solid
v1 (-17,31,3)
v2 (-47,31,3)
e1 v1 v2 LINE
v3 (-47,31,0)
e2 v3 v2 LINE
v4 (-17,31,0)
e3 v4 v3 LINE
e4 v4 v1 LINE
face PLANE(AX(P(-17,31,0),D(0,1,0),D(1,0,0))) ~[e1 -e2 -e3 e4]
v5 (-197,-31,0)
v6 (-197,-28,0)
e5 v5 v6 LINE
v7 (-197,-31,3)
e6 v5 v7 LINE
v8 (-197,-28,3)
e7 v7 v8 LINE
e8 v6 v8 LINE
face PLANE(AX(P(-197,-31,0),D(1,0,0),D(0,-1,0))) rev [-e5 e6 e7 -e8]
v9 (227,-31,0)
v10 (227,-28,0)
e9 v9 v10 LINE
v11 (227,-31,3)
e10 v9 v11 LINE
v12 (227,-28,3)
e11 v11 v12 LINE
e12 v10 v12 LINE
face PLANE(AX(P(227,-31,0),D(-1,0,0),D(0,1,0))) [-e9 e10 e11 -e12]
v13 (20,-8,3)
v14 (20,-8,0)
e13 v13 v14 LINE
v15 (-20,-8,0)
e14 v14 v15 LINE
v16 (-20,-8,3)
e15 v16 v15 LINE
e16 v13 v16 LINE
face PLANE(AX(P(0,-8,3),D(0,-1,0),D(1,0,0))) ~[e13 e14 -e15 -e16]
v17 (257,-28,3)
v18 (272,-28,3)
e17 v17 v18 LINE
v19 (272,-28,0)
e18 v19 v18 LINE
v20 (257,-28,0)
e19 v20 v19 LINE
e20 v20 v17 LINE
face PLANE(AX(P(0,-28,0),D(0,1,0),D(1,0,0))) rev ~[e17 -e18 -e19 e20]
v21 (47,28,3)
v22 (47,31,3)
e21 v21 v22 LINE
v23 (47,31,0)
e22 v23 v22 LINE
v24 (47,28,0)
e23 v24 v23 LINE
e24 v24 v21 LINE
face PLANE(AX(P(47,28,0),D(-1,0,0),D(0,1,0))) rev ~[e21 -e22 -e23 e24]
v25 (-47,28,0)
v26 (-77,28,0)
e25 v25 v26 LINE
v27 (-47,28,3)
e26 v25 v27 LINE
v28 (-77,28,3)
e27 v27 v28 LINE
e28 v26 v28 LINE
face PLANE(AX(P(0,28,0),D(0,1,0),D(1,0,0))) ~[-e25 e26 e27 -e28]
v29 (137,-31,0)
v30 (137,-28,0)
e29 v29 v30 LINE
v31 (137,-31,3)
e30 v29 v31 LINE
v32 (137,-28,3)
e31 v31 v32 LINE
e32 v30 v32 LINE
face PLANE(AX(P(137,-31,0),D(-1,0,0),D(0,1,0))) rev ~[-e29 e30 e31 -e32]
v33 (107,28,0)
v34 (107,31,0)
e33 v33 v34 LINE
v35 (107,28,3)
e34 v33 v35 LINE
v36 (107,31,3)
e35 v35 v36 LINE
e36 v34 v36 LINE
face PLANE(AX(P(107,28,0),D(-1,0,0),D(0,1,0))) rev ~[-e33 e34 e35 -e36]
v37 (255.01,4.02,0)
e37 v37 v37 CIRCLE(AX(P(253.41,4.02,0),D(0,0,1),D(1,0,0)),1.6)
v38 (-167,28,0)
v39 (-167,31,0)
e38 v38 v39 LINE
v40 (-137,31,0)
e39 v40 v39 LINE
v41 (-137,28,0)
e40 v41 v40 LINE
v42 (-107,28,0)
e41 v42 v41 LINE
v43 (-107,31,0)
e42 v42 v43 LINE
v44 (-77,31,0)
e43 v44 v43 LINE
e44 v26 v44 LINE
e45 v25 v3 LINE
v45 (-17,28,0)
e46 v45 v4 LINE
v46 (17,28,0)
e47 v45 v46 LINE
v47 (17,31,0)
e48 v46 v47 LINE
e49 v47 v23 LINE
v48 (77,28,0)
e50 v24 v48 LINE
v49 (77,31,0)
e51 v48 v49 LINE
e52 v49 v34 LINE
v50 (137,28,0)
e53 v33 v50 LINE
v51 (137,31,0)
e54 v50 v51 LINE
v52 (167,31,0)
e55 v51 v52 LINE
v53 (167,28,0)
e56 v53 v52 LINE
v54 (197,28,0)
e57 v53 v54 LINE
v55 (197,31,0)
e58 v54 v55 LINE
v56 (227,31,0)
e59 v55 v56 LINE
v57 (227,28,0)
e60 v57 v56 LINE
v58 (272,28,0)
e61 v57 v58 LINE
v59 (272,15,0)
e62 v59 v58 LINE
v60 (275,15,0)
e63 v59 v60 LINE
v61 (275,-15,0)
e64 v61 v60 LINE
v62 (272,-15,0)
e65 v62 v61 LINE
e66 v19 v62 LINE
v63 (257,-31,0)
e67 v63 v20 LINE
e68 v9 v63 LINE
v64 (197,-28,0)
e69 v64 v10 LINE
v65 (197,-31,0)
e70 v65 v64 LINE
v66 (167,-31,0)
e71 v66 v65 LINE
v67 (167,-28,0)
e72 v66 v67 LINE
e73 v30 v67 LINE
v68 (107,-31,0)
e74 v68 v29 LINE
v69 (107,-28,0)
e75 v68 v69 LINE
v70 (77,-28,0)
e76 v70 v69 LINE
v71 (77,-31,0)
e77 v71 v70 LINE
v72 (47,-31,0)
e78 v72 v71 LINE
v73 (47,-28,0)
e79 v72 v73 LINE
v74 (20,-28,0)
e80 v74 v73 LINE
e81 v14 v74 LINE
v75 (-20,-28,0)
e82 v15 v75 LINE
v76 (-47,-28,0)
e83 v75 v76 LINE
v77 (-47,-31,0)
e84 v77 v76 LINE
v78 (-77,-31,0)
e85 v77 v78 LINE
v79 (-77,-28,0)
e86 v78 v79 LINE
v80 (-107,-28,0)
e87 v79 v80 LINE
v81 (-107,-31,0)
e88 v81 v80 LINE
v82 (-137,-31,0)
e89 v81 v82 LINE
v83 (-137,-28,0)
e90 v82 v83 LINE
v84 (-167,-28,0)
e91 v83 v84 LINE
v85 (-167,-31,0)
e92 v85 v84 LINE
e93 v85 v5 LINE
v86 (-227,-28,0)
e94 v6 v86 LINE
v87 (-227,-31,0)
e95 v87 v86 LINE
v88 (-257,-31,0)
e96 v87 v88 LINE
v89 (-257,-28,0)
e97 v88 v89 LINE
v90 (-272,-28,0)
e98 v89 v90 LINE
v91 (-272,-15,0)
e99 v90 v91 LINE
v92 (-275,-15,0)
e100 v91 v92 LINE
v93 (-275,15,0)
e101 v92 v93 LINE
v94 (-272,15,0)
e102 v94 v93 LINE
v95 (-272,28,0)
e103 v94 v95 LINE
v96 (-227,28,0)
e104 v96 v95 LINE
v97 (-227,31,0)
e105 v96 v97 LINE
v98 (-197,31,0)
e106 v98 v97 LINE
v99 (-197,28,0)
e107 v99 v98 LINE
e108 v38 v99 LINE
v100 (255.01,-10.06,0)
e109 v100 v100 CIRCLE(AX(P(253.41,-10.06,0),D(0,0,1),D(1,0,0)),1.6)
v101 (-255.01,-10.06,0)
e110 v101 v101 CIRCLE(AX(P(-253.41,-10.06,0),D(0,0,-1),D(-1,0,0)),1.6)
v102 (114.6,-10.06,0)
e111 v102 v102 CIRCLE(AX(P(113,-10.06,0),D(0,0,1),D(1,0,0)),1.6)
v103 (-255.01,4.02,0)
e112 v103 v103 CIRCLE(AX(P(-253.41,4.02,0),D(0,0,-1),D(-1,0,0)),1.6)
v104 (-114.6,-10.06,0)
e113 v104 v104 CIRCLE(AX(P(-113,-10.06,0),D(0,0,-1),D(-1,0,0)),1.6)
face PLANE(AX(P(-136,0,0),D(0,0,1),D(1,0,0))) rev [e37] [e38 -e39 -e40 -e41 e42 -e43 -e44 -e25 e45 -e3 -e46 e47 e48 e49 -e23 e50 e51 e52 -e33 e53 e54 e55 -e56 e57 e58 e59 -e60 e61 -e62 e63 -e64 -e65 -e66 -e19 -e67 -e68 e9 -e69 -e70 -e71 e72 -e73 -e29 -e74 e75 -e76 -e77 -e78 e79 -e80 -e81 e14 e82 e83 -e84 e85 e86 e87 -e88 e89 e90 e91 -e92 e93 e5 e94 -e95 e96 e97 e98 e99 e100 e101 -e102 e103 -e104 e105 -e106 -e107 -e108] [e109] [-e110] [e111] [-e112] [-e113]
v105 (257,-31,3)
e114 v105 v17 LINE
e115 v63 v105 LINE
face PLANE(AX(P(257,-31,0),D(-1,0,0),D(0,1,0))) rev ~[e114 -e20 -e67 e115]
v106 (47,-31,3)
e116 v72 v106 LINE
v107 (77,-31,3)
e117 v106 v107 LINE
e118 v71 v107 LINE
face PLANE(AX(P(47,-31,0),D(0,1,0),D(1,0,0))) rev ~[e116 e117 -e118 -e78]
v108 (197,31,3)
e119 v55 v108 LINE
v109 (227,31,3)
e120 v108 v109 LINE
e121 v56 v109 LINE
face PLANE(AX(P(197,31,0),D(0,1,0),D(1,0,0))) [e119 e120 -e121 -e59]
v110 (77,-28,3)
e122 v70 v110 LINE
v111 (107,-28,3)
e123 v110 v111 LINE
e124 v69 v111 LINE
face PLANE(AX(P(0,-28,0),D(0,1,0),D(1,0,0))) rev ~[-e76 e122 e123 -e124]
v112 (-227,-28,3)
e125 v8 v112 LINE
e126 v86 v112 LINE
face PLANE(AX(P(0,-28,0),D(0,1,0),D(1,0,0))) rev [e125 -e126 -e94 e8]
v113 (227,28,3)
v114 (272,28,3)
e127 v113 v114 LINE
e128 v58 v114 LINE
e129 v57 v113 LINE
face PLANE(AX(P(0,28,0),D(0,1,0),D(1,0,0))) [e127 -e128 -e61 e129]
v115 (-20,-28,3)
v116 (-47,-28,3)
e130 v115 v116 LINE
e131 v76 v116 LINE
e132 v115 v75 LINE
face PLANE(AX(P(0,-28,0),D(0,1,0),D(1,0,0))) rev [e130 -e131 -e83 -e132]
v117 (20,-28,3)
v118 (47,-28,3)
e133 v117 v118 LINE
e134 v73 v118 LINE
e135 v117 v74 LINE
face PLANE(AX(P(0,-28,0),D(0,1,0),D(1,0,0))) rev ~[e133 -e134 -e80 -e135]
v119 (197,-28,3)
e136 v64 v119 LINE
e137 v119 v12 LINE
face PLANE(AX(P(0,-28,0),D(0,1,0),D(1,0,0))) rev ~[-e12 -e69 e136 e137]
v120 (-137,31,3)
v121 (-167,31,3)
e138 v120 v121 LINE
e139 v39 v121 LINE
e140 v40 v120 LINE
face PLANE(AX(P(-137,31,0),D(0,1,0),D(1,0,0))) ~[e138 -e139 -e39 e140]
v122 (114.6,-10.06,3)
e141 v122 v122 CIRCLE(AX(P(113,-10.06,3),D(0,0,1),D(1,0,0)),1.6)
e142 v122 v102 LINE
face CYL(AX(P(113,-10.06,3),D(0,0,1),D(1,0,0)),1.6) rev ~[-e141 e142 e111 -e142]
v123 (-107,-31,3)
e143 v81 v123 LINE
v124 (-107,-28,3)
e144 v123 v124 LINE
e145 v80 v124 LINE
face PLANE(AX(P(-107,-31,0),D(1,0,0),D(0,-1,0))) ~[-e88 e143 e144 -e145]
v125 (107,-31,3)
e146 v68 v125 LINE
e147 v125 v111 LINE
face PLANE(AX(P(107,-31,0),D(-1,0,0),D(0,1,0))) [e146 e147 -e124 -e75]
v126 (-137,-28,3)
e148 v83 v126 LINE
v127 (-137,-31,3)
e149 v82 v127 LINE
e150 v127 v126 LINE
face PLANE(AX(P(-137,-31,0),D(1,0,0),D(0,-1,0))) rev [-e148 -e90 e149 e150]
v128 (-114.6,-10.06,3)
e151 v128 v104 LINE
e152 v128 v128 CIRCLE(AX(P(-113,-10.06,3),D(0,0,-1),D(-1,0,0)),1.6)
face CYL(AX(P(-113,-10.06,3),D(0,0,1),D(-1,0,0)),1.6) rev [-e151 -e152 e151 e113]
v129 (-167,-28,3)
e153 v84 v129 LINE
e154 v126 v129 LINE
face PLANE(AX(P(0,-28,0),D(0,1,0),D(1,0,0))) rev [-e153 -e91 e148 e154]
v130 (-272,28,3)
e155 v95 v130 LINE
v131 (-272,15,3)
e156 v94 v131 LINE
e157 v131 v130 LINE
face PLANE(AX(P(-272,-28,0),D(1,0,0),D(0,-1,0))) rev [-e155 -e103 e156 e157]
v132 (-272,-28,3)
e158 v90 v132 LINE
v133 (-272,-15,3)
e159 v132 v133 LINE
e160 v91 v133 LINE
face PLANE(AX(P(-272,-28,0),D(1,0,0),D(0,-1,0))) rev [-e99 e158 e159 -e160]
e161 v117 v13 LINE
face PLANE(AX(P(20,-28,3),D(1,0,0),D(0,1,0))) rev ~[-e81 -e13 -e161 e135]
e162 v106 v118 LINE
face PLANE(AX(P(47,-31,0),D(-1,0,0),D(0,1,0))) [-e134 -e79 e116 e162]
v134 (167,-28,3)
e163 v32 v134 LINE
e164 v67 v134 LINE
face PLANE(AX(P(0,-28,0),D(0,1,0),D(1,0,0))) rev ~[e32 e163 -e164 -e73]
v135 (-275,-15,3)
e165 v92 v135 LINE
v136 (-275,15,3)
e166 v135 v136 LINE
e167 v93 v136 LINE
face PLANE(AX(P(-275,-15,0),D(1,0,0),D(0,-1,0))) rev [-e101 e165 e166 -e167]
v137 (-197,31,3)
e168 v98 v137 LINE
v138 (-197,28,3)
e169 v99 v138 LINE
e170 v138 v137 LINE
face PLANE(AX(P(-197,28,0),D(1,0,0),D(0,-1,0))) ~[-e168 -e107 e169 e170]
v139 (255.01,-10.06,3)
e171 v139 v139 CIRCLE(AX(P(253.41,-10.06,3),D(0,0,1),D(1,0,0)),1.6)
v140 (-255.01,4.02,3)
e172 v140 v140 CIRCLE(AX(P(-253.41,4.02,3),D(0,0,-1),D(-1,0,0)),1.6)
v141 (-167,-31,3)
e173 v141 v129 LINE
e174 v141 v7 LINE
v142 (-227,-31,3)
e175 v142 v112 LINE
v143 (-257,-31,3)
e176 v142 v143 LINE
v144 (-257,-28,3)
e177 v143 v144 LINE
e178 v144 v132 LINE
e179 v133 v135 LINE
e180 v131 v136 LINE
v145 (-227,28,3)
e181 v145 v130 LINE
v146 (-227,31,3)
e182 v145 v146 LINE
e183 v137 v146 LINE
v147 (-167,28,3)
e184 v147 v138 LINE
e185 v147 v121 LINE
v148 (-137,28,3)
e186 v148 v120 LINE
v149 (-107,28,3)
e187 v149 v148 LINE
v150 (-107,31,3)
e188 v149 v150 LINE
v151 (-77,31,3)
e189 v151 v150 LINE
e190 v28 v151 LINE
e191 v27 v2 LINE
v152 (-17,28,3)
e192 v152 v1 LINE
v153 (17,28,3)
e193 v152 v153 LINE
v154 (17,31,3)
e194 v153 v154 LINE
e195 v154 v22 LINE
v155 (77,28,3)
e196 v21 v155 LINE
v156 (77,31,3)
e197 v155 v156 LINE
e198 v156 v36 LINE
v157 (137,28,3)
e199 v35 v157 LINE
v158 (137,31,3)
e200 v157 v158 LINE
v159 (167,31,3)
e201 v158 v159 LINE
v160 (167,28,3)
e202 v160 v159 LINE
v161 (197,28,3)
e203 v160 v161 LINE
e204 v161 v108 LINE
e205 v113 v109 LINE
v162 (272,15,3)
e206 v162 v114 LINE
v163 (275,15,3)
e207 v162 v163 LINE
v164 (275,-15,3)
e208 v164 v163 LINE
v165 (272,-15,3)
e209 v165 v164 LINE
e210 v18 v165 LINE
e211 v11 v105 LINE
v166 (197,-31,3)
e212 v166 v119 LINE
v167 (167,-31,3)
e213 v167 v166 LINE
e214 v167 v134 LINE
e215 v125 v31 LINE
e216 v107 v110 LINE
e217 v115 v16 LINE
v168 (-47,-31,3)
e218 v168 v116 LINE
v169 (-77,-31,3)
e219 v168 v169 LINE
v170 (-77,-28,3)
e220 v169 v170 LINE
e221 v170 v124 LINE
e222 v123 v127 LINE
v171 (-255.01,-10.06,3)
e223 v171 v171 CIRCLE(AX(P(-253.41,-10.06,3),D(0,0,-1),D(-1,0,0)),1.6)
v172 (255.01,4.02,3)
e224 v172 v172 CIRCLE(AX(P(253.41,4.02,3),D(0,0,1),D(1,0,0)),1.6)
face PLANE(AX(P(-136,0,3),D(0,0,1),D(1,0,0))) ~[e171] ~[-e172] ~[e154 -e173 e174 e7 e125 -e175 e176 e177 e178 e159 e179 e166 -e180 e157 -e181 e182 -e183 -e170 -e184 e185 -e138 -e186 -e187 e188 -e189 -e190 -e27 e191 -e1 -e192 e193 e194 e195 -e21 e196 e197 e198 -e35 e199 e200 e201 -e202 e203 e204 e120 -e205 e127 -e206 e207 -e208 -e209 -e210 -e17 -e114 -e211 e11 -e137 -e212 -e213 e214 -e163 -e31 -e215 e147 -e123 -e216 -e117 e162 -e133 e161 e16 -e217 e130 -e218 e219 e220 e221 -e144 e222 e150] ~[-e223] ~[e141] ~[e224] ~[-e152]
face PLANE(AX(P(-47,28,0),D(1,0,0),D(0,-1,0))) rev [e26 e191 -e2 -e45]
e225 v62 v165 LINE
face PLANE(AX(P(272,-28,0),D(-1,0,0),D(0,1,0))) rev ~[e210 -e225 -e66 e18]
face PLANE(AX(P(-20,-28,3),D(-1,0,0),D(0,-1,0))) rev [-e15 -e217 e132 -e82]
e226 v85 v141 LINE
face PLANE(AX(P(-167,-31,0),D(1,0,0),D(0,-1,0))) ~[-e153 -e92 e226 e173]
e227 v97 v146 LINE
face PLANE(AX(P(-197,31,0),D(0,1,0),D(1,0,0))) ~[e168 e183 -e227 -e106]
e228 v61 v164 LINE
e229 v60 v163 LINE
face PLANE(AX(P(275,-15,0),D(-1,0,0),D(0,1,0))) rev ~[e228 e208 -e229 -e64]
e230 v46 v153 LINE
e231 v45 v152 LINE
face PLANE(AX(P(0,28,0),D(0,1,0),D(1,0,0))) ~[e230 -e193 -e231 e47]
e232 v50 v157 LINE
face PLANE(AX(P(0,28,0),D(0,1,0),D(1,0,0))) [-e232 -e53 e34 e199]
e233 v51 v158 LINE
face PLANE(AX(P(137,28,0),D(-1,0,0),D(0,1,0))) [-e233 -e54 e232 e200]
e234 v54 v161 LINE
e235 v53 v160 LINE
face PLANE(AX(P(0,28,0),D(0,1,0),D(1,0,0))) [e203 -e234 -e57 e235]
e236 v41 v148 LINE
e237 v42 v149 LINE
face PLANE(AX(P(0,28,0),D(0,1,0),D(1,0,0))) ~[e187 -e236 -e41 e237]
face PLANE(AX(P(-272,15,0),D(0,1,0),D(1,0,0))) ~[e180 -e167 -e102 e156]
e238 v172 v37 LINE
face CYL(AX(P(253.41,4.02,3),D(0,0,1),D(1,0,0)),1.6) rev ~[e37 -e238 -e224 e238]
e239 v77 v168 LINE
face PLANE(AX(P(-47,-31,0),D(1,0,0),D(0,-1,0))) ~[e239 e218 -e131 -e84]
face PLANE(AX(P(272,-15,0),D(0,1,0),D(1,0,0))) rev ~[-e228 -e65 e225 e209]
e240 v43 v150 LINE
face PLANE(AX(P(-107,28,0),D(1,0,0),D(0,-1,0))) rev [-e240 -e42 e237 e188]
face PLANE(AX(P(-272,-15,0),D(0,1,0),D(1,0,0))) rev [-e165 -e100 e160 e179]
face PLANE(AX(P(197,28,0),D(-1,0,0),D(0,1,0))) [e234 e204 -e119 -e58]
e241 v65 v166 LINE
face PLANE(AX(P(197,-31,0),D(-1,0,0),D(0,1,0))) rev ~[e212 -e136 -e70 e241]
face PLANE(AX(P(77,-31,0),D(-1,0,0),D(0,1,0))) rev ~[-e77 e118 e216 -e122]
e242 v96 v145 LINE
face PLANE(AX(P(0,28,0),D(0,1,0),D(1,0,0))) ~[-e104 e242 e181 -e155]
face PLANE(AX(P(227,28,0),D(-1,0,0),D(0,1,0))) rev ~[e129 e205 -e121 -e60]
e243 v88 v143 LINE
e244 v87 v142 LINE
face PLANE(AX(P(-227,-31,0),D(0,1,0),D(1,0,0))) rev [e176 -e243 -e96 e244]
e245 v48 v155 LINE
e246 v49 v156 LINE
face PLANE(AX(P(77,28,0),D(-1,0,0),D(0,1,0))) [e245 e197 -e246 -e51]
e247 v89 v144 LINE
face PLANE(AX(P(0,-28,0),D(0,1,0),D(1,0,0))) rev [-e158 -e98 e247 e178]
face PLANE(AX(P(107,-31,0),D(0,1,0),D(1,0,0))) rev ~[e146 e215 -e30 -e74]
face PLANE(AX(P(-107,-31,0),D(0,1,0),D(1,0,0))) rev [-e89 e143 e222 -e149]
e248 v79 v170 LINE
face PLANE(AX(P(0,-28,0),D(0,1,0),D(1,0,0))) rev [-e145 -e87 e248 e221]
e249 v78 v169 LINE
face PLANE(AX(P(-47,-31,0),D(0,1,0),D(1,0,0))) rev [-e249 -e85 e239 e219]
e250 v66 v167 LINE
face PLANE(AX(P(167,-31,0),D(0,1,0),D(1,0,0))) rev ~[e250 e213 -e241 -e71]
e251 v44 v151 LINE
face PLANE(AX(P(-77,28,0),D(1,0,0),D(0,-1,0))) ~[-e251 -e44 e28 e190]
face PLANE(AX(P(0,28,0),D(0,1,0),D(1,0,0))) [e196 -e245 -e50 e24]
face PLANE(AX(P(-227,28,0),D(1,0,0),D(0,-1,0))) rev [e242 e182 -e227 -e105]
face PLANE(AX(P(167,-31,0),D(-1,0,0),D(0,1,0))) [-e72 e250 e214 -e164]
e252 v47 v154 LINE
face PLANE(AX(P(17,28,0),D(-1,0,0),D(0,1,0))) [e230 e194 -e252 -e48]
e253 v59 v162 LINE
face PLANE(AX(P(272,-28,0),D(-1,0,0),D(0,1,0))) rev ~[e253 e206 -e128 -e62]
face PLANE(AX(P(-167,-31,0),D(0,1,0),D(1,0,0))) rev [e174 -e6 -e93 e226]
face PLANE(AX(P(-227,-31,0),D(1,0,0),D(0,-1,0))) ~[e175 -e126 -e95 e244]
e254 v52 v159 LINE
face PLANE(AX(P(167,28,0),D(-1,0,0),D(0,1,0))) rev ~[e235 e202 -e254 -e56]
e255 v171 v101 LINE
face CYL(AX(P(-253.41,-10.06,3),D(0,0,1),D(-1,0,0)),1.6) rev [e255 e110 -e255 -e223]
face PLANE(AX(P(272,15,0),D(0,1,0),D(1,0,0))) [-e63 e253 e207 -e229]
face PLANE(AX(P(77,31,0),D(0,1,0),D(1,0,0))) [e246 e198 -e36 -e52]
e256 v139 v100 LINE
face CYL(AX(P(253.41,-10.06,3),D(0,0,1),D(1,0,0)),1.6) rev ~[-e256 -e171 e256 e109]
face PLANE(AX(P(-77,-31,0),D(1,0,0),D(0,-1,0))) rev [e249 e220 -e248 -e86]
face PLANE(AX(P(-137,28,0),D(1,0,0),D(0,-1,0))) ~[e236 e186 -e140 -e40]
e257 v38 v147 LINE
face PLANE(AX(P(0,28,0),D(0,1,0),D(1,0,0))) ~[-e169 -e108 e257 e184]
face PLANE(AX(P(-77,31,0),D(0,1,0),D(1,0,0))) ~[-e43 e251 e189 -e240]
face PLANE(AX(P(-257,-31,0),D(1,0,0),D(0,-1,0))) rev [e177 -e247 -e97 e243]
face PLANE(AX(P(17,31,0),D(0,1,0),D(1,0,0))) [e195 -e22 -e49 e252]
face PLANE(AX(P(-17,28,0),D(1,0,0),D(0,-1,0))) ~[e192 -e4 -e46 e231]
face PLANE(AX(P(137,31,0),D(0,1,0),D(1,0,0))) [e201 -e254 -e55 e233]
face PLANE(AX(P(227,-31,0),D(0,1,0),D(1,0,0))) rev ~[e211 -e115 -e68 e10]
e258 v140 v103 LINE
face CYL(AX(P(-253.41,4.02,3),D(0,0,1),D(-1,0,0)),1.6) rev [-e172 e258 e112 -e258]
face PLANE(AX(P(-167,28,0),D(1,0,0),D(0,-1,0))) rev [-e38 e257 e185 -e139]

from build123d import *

# Parameters (mm, degrees)
SKETCH1_W           = 272
SKETCH1_H           = 56
BOSS_EXTRUDE1_DEPTH = 3
CUT_EXTRUDE1_REACH  = 275.454
SKETCH4_R           = 1.6
SKETCH4_W           = 20
SKETCH4_H           = 20
SKETCH5_W           = 3
SKETCH5_H           = 30
SKETCH5_W_2         = 30
SKETCH5_H_2         = 3
BOSS_EXTRUDE2_DEPTH = 3


with BuildPart() as part:
    # Sketch1 → Boss-Extrude1 (new body)
    with BuildSketch(Plane.XY):
        with Locations((136, 0)):
            Rectangle(SKETCH1_W, SKETCH1_H)
    extrude(amount=BOSS_EXTRUDE1_DEPTH)

    # Sketch4 → Cut-Extrude1 (cut, up to next)
    with BuildSketch(Plane.XY.offset(3), mode=Mode.PRIVATE) as cut_extrude1_sk1:
        with Locations((253.41, -10.06)):
            Circle(SKETCH4_R)
    cut_extrude1_tool1 = extrude(cut_extrude1_sk1.sketch, amount=-CUT_EXTRUDE1_REACH, mode=Mode.PRIVATE) & part.part
    # Sketch4 → Cut-Extrude1 (cut, up to next)
    with BuildSketch(Plane.XY.offset(3), mode=Mode.PRIVATE) as cut_extrude1_sk2:
        with Locations((253.41, 4.02)):
            Circle(SKETCH4_R)
    cut_extrude1_tool2 = extrude(cut_extrude1_sk2.sketch, amount=-CUT_EXTRUDE1_REACH, mode=Mode.PRIVATE) & part.part
    # Sketch4 → Cut-Extrude1 (cut, up to next)
    with BuildSketch(Plane.XY.offset(3), mode=Mode.PRIVATE) as cut_extrude1_sk3:
        with Locations((113, -10.06)):
            Circle(SKETCH4_R)
    cut_extrude1_tool3 = extrude(cut_extrude1_sk3.sketch, amount=-CUT_EXTRUDE1_REACH, mode=Mode.PRIVATE) & part.part
    # Sketch4 → Cut-Extrude1 (cut, up to next)
    with BuildSketch(Plane.XY.offset(3), mode=Mode.PRIVATE) as cut_extrude1_sk4:
        with Locations((10, -18)):
            Rectangle(SKETCH4_W, SKETCH4_H)
    cut_extrude1_tool4 = extrude(cut_extrude1_sk4.sketch, amount=-CUT_EXTRUDE1_REACH, mode=Mode.PRIVATE) & part.part
    add(cut_extrude1_tool1.solids().sort_by_distance((253.41, -10.06, 3))[0], mode=Mode.SUBTRACT)
    add(cut_extrude1_tool2.solids().sort_by_distance((253.41, 4.02, 3))[0], mode=Mode.SUBTRACT)
    add(cut_extrude1_tool3.solids().sort_by_distance((113, -10.06, 3))[0], mode=Mode.SUBTRACT)
    add(cut_extrude1_tool4.solids().sort_by_distance((10, -18, 3))[0], mode=Mode.SUBTRACT)

    # Sketch5 → Boss-Extrude2 (add)
    with BuildSketch(Plane.XY):
        with Locations((273.5, 0)):
            Rectangle(SKETCH5_W, SKETCH5_H)
        with Locations((212, 29.5)):
            Rectangle(SKETCH5_W_2, SKETCH5_H_2)
        with Locations((152, 29.5)):
            Rectangle(SKETCH5_W_2, SKETCH5_H_2)
        with Locations((92, 29.5)):
            Rectangle(SKETCH5_W_2, SKETCH5_H_2)
        with Locations((32, 29.5)):
            Rectangle(SKETCH5_W_2, SKETCH5_H_2)
        with Locations((242, -29.5)):
            Rectangle(SKETCH5_W_2, SKETCH5_H_2)
        with Locations((182, -29.5)):
            Rectangle(SKETCH5_W_2, SKETCH5_H_2)
        with Locations((122, -29.5)):
            Rectangle(SKETCH5_W_2, SKETCH5_H_2)
        with Locations((62, -29.5)):
            Rectangle(SKETCH5_W_2, SKETCH5_H_2)
    extrude(amount=BOSS_EXTRUDE2_DEPTH)

    # Mirror1: part across plane


with BuildPart() as part_1:
    add(part.part)
    add(part.part.mirror(Plane(origin=(0, -28, 3), x_dir=(0, 0, 1), z_dir=(1, 0, 0))))


solid = part_1.part
